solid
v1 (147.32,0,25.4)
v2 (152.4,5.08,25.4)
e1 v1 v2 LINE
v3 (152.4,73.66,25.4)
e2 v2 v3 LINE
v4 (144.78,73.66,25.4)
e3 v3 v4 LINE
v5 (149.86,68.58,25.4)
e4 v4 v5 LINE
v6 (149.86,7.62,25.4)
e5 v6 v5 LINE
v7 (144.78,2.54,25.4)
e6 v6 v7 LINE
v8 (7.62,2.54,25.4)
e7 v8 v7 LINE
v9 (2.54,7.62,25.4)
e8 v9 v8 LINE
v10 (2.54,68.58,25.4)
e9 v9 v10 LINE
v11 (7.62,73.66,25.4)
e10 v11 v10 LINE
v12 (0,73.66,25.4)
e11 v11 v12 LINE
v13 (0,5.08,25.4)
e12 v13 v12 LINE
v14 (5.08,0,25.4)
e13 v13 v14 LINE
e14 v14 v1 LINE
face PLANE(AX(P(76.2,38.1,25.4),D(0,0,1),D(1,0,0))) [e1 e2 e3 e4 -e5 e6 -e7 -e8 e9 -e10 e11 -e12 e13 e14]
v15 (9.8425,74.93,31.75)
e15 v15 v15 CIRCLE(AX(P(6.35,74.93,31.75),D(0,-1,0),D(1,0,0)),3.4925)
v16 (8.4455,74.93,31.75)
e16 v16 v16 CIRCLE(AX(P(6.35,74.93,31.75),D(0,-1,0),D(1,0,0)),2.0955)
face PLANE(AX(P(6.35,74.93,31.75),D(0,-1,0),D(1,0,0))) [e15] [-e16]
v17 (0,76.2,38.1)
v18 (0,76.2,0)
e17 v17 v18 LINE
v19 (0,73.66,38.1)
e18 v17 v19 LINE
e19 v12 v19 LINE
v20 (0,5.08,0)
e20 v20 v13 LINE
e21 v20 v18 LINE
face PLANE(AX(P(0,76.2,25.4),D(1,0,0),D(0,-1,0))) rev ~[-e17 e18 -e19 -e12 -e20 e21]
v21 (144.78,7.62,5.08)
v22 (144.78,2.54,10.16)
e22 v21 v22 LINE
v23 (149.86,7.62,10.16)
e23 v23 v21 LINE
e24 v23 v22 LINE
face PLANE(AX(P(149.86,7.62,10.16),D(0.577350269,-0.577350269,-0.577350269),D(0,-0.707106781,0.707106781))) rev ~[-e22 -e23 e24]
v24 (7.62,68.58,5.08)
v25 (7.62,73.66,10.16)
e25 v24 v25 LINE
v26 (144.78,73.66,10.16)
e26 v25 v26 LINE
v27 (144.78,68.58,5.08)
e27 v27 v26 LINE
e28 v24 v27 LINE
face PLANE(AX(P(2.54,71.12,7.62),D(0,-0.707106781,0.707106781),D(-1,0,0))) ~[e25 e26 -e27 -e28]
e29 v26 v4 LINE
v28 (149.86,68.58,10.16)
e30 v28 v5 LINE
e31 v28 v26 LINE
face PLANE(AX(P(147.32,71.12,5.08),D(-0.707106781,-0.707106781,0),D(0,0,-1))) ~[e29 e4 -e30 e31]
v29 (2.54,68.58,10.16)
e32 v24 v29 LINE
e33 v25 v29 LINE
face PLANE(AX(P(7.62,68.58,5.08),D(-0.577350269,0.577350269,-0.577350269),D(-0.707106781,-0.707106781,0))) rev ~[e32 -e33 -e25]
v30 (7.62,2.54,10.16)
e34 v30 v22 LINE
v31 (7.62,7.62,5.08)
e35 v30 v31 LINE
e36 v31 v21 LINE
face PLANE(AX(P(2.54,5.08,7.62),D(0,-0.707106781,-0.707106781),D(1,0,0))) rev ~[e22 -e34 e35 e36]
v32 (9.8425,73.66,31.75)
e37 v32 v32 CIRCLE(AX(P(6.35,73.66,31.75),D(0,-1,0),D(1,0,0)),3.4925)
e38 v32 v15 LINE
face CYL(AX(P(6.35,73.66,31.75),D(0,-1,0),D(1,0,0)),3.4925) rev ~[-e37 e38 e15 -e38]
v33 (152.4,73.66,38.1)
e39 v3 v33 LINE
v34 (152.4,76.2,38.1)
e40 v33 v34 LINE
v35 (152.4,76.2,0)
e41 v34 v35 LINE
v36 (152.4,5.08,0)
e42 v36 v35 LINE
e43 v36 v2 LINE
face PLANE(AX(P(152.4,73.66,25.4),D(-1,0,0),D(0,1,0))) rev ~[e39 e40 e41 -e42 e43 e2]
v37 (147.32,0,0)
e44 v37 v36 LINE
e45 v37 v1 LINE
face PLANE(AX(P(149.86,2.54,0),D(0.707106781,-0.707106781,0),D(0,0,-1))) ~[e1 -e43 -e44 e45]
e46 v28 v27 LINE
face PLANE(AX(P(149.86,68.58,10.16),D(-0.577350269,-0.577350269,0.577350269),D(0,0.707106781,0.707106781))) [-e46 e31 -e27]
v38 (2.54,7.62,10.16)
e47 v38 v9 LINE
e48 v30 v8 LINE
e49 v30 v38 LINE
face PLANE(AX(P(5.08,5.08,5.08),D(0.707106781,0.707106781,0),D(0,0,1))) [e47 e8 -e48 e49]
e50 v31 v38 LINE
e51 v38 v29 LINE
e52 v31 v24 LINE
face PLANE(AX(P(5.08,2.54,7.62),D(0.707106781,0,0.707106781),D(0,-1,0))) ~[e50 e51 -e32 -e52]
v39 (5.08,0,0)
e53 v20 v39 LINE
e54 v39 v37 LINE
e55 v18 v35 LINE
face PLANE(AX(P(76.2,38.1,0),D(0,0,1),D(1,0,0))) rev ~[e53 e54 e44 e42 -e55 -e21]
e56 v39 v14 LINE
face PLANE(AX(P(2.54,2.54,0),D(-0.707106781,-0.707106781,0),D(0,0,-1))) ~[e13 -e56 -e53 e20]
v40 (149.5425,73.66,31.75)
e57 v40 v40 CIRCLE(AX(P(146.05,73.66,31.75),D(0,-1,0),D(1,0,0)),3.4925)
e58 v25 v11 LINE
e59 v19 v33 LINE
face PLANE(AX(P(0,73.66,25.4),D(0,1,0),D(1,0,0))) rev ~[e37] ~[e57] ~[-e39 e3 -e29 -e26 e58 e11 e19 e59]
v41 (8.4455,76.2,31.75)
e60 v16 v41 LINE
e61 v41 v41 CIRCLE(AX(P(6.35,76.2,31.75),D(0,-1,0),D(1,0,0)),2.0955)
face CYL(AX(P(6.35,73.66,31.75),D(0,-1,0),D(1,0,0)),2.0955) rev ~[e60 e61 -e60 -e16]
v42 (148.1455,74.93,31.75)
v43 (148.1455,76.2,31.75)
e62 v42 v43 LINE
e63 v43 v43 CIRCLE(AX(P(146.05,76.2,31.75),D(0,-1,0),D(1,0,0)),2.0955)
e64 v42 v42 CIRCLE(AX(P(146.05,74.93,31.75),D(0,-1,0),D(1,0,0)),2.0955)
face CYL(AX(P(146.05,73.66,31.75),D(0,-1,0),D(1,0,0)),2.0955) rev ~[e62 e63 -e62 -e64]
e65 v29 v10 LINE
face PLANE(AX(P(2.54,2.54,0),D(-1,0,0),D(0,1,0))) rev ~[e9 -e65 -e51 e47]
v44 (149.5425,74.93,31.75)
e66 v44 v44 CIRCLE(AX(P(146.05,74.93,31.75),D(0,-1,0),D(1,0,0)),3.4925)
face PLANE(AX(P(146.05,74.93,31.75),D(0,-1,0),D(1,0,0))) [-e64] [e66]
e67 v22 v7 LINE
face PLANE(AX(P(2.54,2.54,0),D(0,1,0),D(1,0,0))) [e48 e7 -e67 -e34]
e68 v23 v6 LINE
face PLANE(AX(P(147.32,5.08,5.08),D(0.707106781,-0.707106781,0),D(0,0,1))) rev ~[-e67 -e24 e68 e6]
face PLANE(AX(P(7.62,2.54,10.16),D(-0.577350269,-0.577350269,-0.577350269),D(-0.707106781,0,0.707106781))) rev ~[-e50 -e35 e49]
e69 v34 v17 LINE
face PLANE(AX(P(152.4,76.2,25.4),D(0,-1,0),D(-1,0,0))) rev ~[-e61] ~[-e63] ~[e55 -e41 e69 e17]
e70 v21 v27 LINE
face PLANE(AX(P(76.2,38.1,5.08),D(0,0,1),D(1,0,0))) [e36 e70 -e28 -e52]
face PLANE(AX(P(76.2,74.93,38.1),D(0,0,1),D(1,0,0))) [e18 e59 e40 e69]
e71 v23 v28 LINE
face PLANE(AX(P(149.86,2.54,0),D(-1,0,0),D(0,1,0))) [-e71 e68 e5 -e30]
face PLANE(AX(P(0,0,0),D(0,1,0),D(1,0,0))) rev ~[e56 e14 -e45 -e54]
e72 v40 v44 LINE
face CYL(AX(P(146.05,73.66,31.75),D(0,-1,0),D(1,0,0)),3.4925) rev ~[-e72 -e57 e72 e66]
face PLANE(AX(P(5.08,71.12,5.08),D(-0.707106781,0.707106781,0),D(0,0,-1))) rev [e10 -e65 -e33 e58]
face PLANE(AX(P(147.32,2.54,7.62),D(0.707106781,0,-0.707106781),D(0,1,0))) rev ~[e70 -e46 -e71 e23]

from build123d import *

# Parameters (mm, degrees)
F0_W     = 152.4
F0_H     = 76.2
F0_W_2   = 147.32
F0_H_2   = 71.12
F1_DEPTH = 25.4
F2_DEPTH = 5.08
F4_DEPTH = 12.7
F5_R     = 3.4925
F5_R_2   = 2.0955
F6_DEPTH = 1.27
F7_DEPTH = 25.4
F8_SIZE  = 5.08


with BuildPart() as f1:
    # F0 (on Top) → F1 (new body)
    with BuildSketch(Plane.XY):
        with Locations((76.2, 38.1)):
            Rectangle(F0_W, F0_H)
        with Locations((76.2, 38.1)):
            Rectangle(F0_W_2, F0_H_2, mode=Mode.SUBTRACT)
    extrude(amount=F1_DEPTH)

    # F0 (on Top) → F2 (join)
    with BuildSketch(Plane.XY):
        with Locations((76.2, 38.1)):
            Rectangle(F0_W, F0_H)
        with Locations((76.2, 38.1)):
            Rectangle(F0_W_2, F0_H_2, mode=Mode.SUBTRACT)
        with Locations((76.2, 38.1)):
            Rectangle(F0_W_2, F0_H_2)
    extrude(amount=F2_DEPTH)

    # F3 (on face) → F4 (join)
    with BuildSketch(Plane.XY.offset(25.4)):
        Polygon((0, 76.2), (0, 73.66), (2.54, 73.66), (149.86, 73.66), (152.4, 73.66), (152.4, 76.2), align=None)
    extrude(amount=F4_DEPTH)

    # F5 (on face) → F6 (cut)
    with BuildSketch(Plane.XZ.offset(-73.66)):
        with Locations((6.35, 31.75)):
            Circle(F5_R)
        with Locations((6.35, 31.75)):
            Circle(F5_R_2, mode=Mode.SUBTRACT)
        with Locations((146.05, 31.75)):
            Circle(F5_R)
        with Locations((146.05, 31.75)):
            Circle(F5_R_2, mode=Mode.SUBTRACT)
    extrude(amount=-F6_DEPTH, mode=Mode.SUBTRACT)

    # F7 (cut): faces of the model
    f7_faces = [f1.faces().sort_by_distance(p)[0] for p in [
        (6.35, 73.66, 31.75),
        (146.05, 73.66, 31.75),
    ]]
    extrude(f7_faces, amount=-F7_DEPTH, mode=Mode.SUBTRACT)

    # F8
    f8_edges = [f1.edges().sort_by_distance(p)[0] for p in [
        (2.54, 73.66, 15.24),
        (76.2, 73.66, 5.08),
        (2.54, 38.1, 5.08),
        (76.2, 2.54, 5.08),
        (149.86, 38.1, 5.08),
        (2.54, 2.54, 15.24),
        (149.86, 2.54, 15.24),
        (149.86, 73.66, 15.24),
        (0, 0, 12.7),
        (152.4, 0, 12.7),
    ]]
    chamfer(f8_edges, length=F8_SIZE)


solid = f1.part
